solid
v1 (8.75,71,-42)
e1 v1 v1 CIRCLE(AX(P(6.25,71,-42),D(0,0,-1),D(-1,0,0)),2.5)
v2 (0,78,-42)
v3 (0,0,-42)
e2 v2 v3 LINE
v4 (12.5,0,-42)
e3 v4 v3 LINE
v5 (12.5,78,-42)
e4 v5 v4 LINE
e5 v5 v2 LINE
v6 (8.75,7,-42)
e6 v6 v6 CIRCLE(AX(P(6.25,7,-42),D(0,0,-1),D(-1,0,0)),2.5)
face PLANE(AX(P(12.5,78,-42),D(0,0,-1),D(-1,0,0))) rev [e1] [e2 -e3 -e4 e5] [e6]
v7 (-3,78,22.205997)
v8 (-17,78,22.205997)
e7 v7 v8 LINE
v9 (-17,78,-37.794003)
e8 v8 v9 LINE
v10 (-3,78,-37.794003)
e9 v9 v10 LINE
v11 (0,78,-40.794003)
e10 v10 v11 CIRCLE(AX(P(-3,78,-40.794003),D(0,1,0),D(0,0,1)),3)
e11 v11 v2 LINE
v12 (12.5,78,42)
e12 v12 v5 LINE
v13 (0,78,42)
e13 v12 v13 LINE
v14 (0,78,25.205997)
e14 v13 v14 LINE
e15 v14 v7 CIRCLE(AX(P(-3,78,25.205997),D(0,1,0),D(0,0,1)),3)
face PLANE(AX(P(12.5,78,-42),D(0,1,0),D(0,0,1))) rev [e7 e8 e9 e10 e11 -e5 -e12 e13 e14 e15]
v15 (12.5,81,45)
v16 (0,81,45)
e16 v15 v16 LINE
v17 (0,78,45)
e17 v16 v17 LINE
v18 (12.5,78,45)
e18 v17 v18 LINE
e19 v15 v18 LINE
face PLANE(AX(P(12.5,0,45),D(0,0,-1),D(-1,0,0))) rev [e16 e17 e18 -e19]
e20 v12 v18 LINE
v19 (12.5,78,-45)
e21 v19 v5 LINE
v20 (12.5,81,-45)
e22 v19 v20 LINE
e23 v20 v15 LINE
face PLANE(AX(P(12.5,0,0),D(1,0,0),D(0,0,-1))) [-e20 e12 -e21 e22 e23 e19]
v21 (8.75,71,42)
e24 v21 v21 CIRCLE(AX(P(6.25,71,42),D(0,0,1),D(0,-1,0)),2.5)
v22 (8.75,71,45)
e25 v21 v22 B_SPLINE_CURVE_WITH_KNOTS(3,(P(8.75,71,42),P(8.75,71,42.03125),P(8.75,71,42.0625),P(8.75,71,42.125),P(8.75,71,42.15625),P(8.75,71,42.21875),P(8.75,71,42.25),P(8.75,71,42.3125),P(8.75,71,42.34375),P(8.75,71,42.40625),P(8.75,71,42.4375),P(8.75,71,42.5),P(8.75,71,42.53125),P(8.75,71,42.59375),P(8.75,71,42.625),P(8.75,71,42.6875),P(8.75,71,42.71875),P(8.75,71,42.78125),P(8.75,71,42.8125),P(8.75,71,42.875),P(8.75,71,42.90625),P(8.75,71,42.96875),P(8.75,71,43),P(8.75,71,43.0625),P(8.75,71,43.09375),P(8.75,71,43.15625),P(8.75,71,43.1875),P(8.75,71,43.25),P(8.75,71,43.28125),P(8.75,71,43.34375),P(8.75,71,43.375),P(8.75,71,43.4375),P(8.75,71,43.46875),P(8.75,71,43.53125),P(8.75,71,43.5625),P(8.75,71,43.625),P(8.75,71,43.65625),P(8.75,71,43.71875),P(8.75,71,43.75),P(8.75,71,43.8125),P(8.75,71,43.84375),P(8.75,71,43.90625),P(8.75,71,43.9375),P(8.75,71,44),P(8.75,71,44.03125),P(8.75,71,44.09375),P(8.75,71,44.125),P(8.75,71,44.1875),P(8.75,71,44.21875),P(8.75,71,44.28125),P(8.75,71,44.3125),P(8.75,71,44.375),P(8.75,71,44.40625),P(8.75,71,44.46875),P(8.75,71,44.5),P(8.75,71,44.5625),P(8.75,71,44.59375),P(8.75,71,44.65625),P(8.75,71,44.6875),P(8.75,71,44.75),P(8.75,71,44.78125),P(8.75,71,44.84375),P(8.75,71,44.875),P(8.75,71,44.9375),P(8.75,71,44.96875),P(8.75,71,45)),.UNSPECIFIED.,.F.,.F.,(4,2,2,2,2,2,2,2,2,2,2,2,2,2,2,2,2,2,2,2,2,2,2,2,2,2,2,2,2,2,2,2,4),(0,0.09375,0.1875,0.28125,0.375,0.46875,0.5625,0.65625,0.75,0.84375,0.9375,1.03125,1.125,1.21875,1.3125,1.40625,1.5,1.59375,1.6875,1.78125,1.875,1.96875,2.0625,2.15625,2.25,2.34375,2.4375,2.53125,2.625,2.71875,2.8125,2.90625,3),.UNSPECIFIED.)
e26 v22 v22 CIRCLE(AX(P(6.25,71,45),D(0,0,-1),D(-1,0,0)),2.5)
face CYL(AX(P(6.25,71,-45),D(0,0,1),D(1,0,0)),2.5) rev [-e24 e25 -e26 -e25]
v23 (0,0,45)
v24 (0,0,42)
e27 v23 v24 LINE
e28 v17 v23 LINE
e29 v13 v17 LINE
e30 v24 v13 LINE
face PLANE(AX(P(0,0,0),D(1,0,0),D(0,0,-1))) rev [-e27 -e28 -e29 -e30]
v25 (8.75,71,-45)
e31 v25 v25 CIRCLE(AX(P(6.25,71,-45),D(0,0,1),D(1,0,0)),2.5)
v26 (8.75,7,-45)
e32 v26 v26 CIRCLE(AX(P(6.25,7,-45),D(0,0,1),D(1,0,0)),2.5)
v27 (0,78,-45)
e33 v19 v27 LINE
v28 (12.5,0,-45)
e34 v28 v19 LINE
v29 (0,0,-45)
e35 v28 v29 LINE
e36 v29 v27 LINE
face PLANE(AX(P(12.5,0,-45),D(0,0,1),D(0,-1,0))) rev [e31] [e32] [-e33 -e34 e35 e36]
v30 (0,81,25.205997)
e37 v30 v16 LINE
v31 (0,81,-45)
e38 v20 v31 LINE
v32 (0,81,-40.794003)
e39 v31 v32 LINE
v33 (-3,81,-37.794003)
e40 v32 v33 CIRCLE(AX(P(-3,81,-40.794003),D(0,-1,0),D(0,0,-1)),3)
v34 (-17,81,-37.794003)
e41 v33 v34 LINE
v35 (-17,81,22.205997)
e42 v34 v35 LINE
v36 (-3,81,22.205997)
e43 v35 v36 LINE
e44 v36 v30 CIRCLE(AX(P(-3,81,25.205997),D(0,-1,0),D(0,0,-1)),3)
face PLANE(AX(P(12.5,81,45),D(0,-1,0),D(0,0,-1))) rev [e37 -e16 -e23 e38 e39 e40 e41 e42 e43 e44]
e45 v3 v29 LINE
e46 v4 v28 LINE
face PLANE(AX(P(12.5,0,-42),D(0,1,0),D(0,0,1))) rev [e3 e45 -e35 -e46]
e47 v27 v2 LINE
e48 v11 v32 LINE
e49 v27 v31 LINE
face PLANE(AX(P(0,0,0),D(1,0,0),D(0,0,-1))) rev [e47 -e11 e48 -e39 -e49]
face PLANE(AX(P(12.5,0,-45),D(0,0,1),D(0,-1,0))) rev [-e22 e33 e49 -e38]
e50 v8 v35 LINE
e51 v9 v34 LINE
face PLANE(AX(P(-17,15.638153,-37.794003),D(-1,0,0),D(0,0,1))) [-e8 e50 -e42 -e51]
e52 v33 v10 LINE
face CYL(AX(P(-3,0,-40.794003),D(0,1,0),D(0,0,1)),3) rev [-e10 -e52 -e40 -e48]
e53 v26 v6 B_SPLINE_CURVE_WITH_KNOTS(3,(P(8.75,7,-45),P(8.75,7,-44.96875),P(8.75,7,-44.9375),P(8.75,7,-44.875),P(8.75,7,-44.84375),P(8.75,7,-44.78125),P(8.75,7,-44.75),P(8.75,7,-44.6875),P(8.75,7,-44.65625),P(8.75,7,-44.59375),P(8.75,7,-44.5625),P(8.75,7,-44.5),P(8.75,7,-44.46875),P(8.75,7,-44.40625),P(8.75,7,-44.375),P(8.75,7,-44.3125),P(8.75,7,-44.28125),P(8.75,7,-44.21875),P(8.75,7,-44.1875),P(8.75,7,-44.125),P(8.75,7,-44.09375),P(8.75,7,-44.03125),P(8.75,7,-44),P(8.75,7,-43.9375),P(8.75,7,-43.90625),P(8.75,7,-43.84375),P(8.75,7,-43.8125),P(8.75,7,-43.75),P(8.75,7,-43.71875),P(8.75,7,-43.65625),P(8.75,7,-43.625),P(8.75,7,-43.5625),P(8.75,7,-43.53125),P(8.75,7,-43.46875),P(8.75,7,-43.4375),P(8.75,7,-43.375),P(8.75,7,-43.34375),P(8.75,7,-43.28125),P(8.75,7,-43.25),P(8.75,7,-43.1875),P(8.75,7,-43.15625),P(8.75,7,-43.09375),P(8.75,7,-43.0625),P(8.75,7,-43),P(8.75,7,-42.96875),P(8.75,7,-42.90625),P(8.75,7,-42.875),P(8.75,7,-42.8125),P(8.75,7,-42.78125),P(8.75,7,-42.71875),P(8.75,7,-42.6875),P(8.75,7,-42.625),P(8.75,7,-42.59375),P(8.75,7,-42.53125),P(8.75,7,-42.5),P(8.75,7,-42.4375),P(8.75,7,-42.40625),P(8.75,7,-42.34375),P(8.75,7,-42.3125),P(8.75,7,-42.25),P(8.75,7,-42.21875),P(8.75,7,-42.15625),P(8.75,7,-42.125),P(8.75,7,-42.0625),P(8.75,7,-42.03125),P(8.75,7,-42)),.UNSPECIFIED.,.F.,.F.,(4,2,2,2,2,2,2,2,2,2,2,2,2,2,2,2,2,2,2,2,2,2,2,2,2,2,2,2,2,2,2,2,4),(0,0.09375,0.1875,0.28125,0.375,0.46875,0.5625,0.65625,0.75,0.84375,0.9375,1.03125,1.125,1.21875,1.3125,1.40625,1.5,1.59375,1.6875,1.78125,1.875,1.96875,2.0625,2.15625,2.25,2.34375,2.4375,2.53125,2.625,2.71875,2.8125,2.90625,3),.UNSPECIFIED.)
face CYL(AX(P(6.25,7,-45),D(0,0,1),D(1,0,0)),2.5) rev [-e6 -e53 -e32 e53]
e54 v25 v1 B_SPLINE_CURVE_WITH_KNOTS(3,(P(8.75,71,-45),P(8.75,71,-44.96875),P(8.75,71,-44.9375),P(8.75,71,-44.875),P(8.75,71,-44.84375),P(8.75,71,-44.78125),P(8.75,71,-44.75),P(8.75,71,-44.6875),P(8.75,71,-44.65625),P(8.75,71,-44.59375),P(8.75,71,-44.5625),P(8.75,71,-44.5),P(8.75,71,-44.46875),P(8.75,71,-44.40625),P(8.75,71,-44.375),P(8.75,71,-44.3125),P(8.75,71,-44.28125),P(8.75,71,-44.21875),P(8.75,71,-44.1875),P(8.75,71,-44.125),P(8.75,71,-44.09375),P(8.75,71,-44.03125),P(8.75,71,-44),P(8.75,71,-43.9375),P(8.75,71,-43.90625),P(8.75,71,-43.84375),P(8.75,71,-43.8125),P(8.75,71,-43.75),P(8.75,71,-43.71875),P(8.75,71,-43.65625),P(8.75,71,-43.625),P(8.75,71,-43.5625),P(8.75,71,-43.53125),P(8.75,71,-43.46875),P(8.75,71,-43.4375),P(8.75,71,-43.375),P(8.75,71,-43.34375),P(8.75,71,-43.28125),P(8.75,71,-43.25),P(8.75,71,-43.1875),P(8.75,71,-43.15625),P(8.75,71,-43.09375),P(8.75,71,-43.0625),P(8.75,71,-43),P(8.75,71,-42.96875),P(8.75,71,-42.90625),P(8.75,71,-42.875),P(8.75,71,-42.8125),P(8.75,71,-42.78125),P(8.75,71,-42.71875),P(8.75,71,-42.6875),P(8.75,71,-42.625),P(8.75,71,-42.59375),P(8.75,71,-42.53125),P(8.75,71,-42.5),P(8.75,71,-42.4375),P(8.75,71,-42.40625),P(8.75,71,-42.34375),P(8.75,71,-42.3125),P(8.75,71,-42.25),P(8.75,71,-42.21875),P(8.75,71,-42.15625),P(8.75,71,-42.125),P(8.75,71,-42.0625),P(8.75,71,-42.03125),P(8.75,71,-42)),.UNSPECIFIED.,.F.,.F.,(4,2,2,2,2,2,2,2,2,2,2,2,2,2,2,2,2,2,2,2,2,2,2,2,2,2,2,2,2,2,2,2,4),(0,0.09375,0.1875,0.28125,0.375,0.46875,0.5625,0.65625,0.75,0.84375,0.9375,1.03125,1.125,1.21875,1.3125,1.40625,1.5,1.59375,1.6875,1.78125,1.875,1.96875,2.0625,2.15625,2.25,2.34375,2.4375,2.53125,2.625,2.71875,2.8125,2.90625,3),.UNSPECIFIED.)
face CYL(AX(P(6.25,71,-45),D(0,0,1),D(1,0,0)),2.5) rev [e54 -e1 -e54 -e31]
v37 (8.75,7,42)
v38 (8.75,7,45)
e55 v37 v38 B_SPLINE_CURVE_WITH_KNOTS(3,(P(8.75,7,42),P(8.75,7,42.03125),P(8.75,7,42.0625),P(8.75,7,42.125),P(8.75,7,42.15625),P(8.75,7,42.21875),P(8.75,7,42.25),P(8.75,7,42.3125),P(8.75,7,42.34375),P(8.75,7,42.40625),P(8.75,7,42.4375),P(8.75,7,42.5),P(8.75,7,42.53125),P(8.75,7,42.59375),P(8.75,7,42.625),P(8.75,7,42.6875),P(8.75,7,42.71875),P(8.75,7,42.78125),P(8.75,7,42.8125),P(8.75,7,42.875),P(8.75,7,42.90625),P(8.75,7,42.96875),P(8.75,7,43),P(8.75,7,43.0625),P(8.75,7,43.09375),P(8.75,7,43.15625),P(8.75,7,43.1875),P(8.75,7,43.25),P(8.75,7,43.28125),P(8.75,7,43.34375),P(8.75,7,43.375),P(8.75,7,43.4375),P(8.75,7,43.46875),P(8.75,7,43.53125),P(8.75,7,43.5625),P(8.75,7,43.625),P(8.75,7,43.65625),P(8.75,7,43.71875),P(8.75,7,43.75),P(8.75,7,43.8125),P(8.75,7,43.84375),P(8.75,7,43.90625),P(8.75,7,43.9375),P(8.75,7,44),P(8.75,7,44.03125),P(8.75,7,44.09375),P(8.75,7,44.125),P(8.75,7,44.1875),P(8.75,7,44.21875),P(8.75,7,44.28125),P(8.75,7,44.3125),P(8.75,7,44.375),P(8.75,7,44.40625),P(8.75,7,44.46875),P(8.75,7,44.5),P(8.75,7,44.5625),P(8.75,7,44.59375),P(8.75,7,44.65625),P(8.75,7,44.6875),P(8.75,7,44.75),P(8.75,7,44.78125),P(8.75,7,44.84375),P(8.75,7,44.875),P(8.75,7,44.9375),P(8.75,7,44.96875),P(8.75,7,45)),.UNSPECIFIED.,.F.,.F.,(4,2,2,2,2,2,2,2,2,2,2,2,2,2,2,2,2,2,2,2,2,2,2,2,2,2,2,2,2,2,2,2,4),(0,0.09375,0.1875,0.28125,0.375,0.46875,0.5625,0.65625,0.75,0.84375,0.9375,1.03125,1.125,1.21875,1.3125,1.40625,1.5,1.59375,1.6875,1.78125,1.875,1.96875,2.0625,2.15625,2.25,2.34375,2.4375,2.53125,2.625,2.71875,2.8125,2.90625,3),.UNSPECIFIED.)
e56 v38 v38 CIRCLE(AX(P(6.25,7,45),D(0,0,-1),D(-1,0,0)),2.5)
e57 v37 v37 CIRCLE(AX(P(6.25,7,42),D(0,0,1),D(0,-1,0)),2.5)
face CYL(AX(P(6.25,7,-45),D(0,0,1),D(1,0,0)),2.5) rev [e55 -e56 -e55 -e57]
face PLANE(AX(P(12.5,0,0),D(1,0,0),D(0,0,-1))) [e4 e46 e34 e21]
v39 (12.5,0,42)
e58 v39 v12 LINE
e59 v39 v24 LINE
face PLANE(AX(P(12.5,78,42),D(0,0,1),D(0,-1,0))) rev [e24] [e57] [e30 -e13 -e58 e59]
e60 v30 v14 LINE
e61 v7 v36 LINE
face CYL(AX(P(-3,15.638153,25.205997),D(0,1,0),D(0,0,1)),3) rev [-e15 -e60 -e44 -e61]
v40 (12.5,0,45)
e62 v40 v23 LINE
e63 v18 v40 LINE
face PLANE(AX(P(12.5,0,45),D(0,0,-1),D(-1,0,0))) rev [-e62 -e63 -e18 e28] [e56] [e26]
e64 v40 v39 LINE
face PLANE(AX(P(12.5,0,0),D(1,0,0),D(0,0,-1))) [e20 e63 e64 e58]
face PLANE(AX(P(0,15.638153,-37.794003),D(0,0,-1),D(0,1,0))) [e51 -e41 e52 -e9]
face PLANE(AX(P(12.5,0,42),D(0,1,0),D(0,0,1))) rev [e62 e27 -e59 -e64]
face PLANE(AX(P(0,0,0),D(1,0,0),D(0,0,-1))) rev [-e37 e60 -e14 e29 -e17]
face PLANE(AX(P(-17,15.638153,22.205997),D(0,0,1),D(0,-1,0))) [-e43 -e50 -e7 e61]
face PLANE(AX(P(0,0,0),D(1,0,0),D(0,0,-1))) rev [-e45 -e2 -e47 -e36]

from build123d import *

# Parameters (mm, degrees)
BOSS_EXTRUDE1_DEPTH     = 12.5
CUT_EXTRUDE1_DEPTH      = 122.726127023
CUT_EXTRUDE1_DEPTH_BACK = 122.726127023
SKETCH3_R               = 2.5
SKETCH2_W               = 17
SKETCH2_H               = 60
BOSS_EXTRUDE2_DEPTH     = 3
FILLET1_R               = 3


with BuildPart() as part:
    # Sketch1 → Boss-Extrude1 (new body)
    with BuildSketch(Plane(origin=(0, 0, 0), x_dir=(0, 0, -1), z_dir=(1, 0, 0))):
        Polygon((42, 78), (-42, 78), (-42, 0), (-45, 0), (-45, 81), (45, 81), (45, 0), (42, 0), align=None)
    extrude(amount=BOSS_EXTRUDE1_DEPTH)

    # Sketch3 → Cut-Extrude1 (cut, two sides: drawn at the far end of the back side and taken through both)
    with BuildSketch(Plane.XY.offset(45).offset(-CUT_EXTRUDE1_DEPTH_BACK)):
        with Locations((6.25, 71)):
            Circle(SKETCH3_R)
        with Locations((6.25, 7)):
            Circle(SKETCH3_R)
    extrude(amount=CUT_EXTRUDE1_DEPTH + CUT_EXTRUDE1_DEPTH_BACK, mode=Mode.SUBTRACT)

    # Sketch2 → Boss-Extrude2 (add)
    with BuildSketch(Plane(origin=(0, 81, 0), x_dir=(1, 0, 0), z_dir=(0, 1, 0))):
        with Locations((-8.5, 7.794002847)):
            Rectangle(SKETCH2_W, SKETCH2_H)
    extrude(amount=-BOSS_EXTRUDE2_DEPTH)

    # Fillet1
    fillet1_edges = [part.edges().sort_by_distance(p)[0] for p in [
        (0, 79.5, -37.794002847),
        (0, 79.5, 22.205997153),
    ]]
    fillet(fillet1_edges, radius=FILLET1_R)


solid = part.part
